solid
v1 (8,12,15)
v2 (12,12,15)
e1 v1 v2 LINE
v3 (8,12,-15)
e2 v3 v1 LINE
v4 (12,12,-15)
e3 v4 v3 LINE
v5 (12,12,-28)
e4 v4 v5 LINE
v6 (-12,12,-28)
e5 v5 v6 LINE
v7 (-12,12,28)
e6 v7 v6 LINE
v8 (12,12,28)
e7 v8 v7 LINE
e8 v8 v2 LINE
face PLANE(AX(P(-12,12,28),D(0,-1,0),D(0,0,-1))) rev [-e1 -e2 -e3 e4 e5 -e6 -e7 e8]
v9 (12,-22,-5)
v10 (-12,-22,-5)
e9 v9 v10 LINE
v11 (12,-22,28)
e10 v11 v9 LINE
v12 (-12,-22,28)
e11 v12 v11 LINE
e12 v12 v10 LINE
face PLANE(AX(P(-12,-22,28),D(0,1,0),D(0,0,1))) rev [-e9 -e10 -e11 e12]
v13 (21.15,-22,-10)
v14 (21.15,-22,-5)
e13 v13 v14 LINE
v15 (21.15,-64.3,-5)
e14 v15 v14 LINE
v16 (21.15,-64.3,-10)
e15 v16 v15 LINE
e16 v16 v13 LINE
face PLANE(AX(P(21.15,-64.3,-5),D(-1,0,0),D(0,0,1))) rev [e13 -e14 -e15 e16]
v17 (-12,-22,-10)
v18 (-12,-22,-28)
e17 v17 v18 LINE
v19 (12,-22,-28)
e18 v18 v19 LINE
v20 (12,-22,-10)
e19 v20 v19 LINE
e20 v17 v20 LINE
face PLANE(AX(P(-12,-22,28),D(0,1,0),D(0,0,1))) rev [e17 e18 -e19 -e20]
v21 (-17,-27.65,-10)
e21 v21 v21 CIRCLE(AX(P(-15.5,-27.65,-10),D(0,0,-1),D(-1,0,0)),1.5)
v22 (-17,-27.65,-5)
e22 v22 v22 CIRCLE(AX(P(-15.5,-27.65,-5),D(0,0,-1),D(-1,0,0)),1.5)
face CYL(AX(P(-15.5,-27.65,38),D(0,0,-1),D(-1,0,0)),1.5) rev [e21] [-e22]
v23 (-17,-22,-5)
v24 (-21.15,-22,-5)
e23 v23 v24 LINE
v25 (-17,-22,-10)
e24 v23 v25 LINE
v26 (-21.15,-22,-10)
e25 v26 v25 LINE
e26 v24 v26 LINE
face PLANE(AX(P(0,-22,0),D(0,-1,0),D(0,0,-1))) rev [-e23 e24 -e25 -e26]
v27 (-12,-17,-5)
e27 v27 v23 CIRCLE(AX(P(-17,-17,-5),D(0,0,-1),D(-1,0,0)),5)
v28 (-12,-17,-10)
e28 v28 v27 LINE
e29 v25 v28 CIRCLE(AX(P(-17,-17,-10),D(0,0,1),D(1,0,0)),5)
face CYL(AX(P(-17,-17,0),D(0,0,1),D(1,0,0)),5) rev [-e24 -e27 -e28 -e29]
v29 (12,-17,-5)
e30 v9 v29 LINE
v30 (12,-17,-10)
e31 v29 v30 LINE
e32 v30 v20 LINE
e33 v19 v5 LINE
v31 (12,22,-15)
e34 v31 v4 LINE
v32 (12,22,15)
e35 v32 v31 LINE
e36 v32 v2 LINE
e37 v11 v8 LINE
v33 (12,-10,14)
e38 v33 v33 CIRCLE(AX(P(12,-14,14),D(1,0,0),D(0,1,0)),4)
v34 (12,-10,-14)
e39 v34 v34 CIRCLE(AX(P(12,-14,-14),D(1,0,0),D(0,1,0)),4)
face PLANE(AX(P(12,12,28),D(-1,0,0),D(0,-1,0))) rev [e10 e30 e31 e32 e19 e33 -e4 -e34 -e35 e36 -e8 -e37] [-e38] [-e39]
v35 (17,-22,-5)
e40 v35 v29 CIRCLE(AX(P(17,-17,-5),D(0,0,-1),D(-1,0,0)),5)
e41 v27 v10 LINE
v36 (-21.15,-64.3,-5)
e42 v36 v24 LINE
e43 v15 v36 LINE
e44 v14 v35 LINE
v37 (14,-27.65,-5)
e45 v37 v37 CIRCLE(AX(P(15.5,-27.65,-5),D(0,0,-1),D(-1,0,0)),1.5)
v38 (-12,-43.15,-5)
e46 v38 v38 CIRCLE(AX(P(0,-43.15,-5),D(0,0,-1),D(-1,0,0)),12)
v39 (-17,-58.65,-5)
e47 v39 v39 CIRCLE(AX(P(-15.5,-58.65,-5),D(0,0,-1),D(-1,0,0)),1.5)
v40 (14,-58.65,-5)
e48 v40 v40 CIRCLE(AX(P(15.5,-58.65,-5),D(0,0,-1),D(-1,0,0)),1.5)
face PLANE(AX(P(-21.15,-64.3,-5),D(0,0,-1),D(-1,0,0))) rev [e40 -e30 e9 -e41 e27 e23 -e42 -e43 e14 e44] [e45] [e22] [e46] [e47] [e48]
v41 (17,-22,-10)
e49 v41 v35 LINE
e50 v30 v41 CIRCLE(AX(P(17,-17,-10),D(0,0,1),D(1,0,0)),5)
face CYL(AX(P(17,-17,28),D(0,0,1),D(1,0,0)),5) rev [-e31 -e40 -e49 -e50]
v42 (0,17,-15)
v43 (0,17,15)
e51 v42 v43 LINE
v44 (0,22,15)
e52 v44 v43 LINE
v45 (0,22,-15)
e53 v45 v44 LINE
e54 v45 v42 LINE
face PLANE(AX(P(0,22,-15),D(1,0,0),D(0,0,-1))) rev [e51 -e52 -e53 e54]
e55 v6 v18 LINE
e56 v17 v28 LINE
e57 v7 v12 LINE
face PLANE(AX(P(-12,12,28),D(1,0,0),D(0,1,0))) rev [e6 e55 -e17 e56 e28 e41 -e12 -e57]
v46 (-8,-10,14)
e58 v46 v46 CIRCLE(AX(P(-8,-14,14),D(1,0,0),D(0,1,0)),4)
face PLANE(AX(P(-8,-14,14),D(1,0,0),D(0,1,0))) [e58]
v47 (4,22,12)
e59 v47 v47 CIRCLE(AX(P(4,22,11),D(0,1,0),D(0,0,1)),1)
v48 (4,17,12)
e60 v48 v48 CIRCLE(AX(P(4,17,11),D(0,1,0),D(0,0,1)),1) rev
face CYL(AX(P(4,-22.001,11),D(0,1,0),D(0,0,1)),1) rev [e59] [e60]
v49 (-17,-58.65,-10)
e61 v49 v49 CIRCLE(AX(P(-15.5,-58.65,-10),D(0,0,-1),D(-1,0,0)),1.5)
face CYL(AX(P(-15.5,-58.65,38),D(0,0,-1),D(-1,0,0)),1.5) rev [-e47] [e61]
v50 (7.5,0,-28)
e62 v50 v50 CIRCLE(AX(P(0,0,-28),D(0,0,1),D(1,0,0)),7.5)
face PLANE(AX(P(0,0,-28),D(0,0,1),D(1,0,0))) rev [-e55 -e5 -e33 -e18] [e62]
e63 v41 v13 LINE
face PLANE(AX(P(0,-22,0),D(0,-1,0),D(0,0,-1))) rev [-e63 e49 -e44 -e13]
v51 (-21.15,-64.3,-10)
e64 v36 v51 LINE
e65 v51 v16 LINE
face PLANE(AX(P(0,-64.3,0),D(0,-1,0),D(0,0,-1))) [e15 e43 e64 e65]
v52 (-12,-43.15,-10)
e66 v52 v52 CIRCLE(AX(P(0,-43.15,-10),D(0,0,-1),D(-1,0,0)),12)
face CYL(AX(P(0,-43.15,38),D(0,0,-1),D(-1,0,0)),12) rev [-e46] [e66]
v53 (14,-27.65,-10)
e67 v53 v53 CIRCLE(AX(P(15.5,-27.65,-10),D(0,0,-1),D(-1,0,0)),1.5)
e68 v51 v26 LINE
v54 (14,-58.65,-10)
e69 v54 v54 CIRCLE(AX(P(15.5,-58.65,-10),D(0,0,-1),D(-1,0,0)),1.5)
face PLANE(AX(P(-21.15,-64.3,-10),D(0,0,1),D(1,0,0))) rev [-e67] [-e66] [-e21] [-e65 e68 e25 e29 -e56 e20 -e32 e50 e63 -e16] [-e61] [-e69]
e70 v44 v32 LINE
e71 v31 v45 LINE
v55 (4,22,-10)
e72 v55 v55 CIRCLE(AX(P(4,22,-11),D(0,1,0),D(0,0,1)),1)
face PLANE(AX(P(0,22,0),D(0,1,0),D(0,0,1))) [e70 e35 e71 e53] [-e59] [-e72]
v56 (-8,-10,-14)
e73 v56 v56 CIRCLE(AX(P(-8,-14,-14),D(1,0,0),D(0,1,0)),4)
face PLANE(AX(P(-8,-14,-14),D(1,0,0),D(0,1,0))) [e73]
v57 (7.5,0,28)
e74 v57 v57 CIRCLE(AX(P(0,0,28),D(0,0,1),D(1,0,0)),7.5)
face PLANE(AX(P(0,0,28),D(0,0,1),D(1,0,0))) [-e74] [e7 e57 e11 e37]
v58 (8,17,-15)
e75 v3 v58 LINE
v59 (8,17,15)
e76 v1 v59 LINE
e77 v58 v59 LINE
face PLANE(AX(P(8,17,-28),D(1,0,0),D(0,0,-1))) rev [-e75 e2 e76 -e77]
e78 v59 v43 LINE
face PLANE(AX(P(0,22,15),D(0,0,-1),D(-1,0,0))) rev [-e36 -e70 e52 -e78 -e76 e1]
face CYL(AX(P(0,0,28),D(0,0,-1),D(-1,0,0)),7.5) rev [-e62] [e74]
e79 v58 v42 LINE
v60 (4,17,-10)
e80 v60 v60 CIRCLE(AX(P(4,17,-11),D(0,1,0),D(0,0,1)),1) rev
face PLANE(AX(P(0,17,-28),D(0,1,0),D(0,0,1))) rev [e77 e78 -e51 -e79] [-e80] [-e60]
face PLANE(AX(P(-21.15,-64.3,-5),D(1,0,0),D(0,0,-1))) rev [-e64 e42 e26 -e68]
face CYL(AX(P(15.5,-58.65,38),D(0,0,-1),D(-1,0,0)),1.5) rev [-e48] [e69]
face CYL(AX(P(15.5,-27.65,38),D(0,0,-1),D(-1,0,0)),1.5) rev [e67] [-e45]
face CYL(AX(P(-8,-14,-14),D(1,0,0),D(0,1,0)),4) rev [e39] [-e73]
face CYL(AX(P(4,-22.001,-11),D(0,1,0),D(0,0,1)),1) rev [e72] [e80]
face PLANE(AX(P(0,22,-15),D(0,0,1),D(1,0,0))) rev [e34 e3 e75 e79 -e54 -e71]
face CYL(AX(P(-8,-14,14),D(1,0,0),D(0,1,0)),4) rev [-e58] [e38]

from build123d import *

# Parameters (mm, degrees)
SKETCH1_W           = 24
SKETCH1_H           = 34
SKETCH1_R           = 7.5
BOSS_EXTRUDE1_DEPTH = 28
SKETCH5_W           = 12
SKETCH5_H           = 30
BOSS_EXTRUDE3_DEPTH = 10
SKETCH6_W           = 8
SKETCH6_H           = 5
CUT_EXTRUDE3_DEPTH  = 50.769468553
CUT_EXTRUDE4_REACH  = 55.516
SKETCH7_R           = 1
SKETCH8_R           = 4
CUT_EXTRUDE5_DEPTH  = 20
SKETCH9_W           = 42.3
SKETCH9_H           = 5
BOSS_EXTRUDE4_DEPTH = 42.3
SKETCH10_R          = 12
SKETCH10_R_2        = 1.5
CUT_EXTRUDE6_DEPTH  = 48
FILLET1_R           = 5
FILLET2_R           = 5


with BuildPart() as part:
    # Sketch1 → Boss-Extrude1 (new, symmetric)
    with BuildSketch(Plane.XY):
        with Locations((0, -5)):
            Rectangle(SKETCH1_W, SKETCH1_H)
        Circle(SKETCH1_R, mode=Mode.SUBTRACT)
    extrude(amount=BOSS_EXTRUDE1_DEPTH, both=True)

    # Sketch5 → Boss-Extrude3 (add)
    with BuildSketch(Plane(origin=(0, 12, 0), x_dir=(1, 0, 0), z_dir=(0, 1, 0))):
        with Locations((6, 0)):
            Rectangle(SKETCH5_W, SKETCH5_H)
    extrude(amount=BOSS_EXTRUDE3_DEPTH)

    # Sketch6 → Cut-Extrude3 (cut, through all)
    with BuildSketch(Plane.XY.offset(15)):
        with Locations((4, 14.5)):
            Rectangle(SKETCH6_W, SKETCH6_H)
    extrude(amount=-CUT_EXTRUDE3_DEPTH, mode=Mode.SUBTRACT)

    # Sketch7 → Cut-Extrude4 (cut, up to next)
    with BuildSketch(Plane(origin=(0, 22, 0), x_dir=(1, 0, 0), z_dir=(0, 1, 0)), mode=Mode.PRIVATE) as cut_extrude4_sk1:
        with Locations(Location((4, 11, 0), (0, 0, 270))):
            Circle(SKETCH7_R)
    cut_extrude4_tool1 = extrude(cut_extrude4_sk1.sketch, amount=-CUT_EXTRUDE4_REACH, mode=Mode.PRIVATE) & part.part
    # Sketch7 → Cut-Extrude4 (cut, up to next)
    with BuildSketch(Plane(origin=(0, 22, 0), x_dir=(1, 0, 0), z_dir=(0, 1, 0)), mode=Mode.PRIVATE) as cut_extrude4_sk2:
        with Locations(Location((4, -11, 0), (0, 0, 270))):
            Circle(SKETCH7_R)
    cut_extrude4_tool2 = extrude(cut_extrude4_sk2.sketch, amount=-CUT_EXTRUDE4_REACH, mode=Mode.PRIVATE) & part.part
    add(cut_extrude4_tool1.solids().sort_by_distance((4, 22, -11))[0], mode=Mode.SUBTRACT)
    add(cut_extrude4_tool2.solids().sort_by_distance((4, 22, 11))[0], mode=Mode.SUBTRACT)

    # Sketch8 → Cut-Extrude5 (cut)
    with BuildSketch(Plane(origin=(12, 0, 0), x_dir=(0, 0, -1), z_dir=(1, 0, 0))):
        with Locations(Location((-14, -14, 0), (0, 0, 90))):
            Circle(SKETCH8_R)
        with Locations(Location((14, -14, 0), (0, 0, 90))):
            Circle(SKETCH8_R)
    extrude(amount=-CUT_EXTRUDE5_DEPTH, mode=Mode.SUBTRACT)

    # Sketch9 → Boss-Extrude4 (add)
    with BuildSketch(Plane.XZ.offset(22)):
        with Locations((0, -7.5)):
            Rectangle(SKETCH9_W, SKETCH9_H)
    extrude(amount=BOSS_EXTRUDE4_DEPTH)

    # Sketch10 → Cut-Extrude6 (cut)
    with BuildSketch(Plane(origin=(0, 0, -10), x_dir=(-1, 0, 0), z_dir=(0, 0, -1))):
        with Locations((0, -43.15)):
            Circle(SKETCH10_R)
        with Locations((-15.5, -27.65)):
            Circle(SKETCH10_R_2)
        with Locations((15.5, -27.65)):
            Circle(SKETCH10_R_2)
        with Locations((15.5, -58.65)):
            Circle(SKETCH10_R_2)
        with Locations((-15.5, -58.65)):
            Circle(SKETCH10_R_2)
    extrude(amount=-CUT_EXTRUDE6_DEPTH, mode=Mode.SUBTRACT)

    # Fillet1
    fillet1_edges = [part.edges().sort_by_distance(p)[0] for p in [
        (-12, -22, -7.5),
    ]]
    fillet(fillet1_edges, radius=FILLET1_R)

    # Fillet2
    fillet2_edges = [part.edges().sort_by_distance(p)[0] for p in [
        (12, -22, -7.5),
    ]]
    fillet(fillet2_edges, radius=FILLET2_R)


solid = part.part
